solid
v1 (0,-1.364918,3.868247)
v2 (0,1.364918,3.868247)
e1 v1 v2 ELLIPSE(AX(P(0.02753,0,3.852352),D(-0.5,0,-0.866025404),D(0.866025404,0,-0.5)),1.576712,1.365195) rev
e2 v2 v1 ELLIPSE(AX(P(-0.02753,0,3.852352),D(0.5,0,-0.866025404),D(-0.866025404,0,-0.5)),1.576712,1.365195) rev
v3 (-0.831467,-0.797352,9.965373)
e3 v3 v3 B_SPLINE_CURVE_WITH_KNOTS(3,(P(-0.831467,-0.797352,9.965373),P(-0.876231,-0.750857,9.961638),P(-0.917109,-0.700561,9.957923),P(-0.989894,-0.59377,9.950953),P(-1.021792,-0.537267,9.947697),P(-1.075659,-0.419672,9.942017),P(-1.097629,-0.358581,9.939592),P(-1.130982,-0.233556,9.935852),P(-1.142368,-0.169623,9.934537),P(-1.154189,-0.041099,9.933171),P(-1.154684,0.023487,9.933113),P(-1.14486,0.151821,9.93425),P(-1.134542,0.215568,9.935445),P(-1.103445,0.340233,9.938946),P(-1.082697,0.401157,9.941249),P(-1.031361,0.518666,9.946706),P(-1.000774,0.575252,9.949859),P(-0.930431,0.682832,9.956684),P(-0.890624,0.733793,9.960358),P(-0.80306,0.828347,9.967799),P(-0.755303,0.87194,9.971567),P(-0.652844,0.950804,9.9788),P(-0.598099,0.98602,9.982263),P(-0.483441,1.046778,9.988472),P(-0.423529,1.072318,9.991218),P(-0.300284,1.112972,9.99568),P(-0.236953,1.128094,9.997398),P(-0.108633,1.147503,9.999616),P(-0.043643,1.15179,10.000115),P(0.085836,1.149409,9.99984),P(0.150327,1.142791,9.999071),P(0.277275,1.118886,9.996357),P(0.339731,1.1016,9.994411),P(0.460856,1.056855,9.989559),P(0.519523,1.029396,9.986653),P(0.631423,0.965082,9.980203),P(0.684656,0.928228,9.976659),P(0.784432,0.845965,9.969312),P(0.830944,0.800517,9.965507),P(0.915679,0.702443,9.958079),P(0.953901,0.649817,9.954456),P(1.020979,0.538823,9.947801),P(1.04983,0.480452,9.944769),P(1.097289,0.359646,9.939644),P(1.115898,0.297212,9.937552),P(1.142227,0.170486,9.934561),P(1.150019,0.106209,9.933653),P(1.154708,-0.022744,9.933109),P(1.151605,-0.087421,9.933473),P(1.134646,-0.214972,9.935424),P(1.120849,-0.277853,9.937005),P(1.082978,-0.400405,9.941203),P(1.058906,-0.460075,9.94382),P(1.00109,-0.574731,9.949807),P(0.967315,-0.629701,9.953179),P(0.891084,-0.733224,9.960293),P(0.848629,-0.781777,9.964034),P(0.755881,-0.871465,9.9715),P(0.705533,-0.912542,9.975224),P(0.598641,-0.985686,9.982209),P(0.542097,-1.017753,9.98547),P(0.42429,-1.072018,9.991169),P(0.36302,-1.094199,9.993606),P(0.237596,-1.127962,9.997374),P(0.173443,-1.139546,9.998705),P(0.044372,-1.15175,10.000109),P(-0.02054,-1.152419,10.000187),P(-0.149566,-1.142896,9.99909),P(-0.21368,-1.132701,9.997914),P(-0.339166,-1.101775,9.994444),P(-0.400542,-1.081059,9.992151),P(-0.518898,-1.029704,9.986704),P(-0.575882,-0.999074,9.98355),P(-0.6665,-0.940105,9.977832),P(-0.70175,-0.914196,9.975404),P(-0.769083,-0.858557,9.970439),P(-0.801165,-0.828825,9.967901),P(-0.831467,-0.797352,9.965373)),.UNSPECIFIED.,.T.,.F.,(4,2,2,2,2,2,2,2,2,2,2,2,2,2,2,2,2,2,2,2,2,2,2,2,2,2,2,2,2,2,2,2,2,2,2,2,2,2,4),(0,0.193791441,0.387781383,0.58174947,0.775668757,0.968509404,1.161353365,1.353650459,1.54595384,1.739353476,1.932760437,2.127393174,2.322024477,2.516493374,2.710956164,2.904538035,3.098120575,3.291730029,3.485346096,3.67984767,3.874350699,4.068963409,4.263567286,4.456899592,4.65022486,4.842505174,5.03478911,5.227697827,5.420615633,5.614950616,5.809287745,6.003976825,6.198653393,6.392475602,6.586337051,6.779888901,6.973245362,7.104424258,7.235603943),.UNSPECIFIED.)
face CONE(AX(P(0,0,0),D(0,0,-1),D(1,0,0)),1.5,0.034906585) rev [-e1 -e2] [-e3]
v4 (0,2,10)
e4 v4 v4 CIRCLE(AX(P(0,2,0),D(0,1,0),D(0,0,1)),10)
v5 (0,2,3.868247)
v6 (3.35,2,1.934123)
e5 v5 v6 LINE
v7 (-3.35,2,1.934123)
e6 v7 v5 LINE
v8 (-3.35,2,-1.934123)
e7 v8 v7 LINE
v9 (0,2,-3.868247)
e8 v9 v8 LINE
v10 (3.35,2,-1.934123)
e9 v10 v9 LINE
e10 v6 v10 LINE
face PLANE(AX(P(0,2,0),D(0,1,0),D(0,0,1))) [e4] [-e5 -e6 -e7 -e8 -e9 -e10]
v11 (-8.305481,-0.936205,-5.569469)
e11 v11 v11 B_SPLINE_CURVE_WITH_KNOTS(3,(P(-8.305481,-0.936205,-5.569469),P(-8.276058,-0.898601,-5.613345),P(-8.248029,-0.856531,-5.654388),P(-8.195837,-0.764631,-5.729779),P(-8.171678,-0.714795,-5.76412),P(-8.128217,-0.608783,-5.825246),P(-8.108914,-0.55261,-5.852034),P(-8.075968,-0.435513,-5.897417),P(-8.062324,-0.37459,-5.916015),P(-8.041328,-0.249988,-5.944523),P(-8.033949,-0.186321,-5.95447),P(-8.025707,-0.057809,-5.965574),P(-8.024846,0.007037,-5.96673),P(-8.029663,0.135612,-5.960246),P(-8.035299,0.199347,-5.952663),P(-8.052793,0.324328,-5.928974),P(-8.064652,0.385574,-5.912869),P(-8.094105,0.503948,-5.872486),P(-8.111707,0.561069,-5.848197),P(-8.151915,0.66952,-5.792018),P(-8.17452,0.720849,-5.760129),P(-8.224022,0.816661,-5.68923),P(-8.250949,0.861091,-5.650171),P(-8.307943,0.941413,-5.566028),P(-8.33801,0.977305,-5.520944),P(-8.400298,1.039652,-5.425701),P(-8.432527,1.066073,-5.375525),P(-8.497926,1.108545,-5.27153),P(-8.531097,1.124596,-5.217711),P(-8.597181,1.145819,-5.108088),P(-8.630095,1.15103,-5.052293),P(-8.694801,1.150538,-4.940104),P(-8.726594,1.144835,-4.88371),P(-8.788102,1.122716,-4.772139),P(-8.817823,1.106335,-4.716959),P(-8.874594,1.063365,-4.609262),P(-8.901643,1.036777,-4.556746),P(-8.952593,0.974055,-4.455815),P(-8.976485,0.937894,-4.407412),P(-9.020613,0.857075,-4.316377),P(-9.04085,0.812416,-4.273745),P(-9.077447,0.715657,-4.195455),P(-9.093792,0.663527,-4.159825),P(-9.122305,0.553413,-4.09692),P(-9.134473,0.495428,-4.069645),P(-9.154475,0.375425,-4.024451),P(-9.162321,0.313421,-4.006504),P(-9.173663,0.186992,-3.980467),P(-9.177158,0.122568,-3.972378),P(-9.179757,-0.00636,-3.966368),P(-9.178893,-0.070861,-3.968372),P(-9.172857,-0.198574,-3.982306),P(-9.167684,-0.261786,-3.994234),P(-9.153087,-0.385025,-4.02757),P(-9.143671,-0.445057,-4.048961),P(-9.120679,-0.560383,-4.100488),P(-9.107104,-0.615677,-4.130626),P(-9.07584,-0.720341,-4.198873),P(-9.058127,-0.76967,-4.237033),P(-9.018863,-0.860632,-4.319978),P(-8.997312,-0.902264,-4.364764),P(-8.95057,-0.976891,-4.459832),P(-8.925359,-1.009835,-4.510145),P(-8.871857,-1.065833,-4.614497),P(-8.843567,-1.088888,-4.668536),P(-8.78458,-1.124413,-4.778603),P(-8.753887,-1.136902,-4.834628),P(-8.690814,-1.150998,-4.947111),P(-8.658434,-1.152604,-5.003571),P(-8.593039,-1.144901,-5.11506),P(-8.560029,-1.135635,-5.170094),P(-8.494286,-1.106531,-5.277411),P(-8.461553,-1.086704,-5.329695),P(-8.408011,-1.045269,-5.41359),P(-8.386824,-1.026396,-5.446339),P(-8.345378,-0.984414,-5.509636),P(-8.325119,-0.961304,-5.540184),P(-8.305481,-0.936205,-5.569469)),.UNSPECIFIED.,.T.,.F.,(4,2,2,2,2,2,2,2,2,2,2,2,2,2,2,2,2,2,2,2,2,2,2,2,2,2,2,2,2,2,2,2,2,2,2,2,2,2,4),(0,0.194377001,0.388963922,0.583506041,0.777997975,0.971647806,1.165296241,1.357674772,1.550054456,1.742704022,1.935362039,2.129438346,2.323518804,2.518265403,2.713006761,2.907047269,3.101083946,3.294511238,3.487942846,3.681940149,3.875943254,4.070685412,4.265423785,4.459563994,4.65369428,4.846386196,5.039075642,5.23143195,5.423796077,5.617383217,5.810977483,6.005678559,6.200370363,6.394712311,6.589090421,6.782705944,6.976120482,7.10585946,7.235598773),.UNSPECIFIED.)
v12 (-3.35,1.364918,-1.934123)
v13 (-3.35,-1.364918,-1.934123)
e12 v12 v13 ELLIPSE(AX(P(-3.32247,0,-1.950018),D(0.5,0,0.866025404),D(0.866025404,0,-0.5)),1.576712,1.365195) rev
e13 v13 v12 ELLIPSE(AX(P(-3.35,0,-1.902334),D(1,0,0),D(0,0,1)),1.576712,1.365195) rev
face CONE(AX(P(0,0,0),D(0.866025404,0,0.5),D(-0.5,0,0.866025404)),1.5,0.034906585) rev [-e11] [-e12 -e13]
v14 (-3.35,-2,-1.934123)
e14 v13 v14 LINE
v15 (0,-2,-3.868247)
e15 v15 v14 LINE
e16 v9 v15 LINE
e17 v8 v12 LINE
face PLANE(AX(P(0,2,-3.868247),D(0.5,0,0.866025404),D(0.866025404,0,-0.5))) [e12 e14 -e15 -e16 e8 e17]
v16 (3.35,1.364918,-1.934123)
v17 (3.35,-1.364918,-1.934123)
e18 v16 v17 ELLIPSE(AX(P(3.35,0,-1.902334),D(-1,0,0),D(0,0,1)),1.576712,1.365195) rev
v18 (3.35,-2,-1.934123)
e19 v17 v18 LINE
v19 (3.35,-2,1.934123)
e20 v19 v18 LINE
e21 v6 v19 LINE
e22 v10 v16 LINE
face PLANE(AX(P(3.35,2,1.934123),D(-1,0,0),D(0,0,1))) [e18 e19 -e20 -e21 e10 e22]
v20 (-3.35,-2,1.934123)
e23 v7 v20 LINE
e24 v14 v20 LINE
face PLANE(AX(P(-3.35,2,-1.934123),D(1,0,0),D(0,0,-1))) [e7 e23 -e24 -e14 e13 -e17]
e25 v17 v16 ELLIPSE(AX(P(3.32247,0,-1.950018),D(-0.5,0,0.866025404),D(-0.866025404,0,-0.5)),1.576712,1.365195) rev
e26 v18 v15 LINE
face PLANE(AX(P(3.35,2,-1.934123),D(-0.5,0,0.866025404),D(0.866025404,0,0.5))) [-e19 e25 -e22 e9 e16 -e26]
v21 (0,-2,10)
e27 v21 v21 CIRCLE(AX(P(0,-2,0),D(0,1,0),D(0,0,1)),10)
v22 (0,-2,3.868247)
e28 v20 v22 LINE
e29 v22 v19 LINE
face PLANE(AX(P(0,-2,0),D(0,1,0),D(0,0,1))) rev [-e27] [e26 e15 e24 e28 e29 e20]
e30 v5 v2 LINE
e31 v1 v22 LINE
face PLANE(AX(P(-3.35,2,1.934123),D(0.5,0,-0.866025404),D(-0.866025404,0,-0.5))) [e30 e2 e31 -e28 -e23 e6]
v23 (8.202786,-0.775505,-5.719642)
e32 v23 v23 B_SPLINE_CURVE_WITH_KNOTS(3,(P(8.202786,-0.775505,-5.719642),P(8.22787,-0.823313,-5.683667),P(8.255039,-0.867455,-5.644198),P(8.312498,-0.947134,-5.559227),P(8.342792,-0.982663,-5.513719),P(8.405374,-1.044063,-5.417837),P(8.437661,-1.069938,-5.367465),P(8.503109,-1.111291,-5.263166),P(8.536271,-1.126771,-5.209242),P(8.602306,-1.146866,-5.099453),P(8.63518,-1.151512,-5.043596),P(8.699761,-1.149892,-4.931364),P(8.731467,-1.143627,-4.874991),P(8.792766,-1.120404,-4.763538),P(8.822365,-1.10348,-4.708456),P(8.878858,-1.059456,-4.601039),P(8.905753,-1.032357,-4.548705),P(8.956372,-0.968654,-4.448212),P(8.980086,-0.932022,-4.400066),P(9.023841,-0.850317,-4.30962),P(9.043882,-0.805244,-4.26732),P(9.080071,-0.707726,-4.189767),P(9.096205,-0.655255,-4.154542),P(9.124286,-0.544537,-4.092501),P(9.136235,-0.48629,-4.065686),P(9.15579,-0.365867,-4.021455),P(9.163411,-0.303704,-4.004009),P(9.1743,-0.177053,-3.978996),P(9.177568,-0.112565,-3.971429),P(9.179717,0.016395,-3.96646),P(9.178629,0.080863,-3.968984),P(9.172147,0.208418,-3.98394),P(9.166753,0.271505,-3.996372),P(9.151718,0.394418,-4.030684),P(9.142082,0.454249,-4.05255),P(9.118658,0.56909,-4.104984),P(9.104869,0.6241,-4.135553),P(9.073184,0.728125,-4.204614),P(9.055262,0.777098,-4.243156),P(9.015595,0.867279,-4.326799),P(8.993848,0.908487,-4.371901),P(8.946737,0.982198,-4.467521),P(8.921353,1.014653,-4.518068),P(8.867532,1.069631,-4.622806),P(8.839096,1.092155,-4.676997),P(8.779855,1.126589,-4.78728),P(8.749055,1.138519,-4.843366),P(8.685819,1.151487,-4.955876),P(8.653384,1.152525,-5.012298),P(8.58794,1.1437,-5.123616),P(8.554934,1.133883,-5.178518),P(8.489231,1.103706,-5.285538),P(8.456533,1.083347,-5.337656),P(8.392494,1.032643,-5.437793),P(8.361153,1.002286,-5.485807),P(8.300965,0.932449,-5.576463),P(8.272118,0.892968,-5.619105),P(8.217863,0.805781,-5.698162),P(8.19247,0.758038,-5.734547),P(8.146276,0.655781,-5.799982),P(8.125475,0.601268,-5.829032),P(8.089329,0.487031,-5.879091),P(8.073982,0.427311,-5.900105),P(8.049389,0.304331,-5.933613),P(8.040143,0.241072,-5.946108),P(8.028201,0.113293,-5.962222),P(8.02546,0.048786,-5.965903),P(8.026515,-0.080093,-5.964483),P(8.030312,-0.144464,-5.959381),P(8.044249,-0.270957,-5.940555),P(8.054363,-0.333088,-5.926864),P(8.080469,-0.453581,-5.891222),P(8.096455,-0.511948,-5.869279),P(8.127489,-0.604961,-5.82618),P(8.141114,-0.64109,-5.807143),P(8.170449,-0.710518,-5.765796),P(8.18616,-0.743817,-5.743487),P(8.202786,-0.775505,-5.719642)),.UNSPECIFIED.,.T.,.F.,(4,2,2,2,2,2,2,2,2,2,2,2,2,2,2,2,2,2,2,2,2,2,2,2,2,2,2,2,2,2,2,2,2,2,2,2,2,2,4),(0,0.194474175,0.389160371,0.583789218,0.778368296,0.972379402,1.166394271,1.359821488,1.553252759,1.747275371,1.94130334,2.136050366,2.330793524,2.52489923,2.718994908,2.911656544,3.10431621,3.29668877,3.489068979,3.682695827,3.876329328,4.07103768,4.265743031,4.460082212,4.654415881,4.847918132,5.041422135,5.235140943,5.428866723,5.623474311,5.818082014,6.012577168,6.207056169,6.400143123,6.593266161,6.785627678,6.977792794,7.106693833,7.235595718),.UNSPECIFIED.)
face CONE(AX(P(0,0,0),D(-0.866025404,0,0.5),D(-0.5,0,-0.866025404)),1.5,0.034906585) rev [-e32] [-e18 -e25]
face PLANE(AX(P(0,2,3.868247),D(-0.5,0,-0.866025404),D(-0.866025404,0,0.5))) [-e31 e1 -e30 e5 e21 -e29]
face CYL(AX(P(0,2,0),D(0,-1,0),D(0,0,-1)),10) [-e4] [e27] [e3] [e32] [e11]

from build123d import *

# Parameters (mm, degrees)
SKETCH1_R               = 10
BOSS_EXTRUDE1_DEPTH     = 2
CUT_EXTRUDE1_REACH      = 16.283
CUT_EXTRUDE1_END_RADIUS = 10
SKETCH2_R               = 1.5
CUT_EXTRUDE1_DRAFT      = 2
CIRPATTERN1_COUNT       = 3


with BuildPart() as part:
    # Sketch1 → Boss-Extrude1 (new, symmetric)
    with BuildSketch(Plane(origin=(0, 0, 0), x_dir=(1, 0, 0), z_dir=(0, 1, 0))):
        with Locations(Location((0, 0, 0), (0, 0, 270))):
            Circle(SKETCH1_R)
        Polygon((0, 3.868246804), (-3.35, 1.934123402), (-3.35, -1.934123402), (0, -3.868246804), (3.35, -1.934123402), (3.35, 1.934123402), align=None, mode=Mode.SUBTRACT)
    extrude(amount=BOSS_EXTRUDE1_DEPTH, both=True)

    # Cut-Extrude1: up to this cylinder (the profile starts inside it)
    cut_extrude1_end = Plane(origin=(0, 0, 0), z_dir=(0, -1, 0)) * Cylinder(CUT_EXTRUDE1_END_RADIUS, 53.566, mode=Mode.PRIVATE)



with BuildPart() as cut_extrude1_long_prism_1:
    # Sketch2 → Cut-Extrude1 (the long prism of profile 1, to be tilted and cut off)
    with BuildSketch(Plane.XY):
        Circle(SKETCH2_R)
    extrude(amount=CUT_EXTRUDE1_REACH)
    cut_extrude1_tool1_sides = [cut_extrude1_long_prism_1.faces().sort_by_distance(p)[0] for p in [
        (-1.5, 0, 8.1415),
    ]]
    draft(cut_extrude1_tool1_sides, Plane.XY, CUT_EXTRUDE1_DRAFT)  # the draft: side faces tilted about the start plane


with BuildPart() as part_1:
    add(part.part)
    cut_extrude1_tool1 = cut_extrude1_long_prism_1.part & cut_extrude1_end
    cut_extrude1 = cut_extrude1_tool1.solids().sort_by_distance((0, 0, 0))[0]
    add(cut_extrude1, mode=Mode.SUBTRACT)

    # CirPattern1: Cut-Extrude1 ×3 about axis
    cirpattern1_axis = Axis((0, 2, 0), (0, -1, 0))
    for i in range(1, CIRPATTERN1_COUNT):
        add(cut_extrude1.rotate(cirpattern1_axis, i * 360 / CIRPATTERN1_COUNT), mode=Mode.SUBTRACT)


solid = part_1.part
